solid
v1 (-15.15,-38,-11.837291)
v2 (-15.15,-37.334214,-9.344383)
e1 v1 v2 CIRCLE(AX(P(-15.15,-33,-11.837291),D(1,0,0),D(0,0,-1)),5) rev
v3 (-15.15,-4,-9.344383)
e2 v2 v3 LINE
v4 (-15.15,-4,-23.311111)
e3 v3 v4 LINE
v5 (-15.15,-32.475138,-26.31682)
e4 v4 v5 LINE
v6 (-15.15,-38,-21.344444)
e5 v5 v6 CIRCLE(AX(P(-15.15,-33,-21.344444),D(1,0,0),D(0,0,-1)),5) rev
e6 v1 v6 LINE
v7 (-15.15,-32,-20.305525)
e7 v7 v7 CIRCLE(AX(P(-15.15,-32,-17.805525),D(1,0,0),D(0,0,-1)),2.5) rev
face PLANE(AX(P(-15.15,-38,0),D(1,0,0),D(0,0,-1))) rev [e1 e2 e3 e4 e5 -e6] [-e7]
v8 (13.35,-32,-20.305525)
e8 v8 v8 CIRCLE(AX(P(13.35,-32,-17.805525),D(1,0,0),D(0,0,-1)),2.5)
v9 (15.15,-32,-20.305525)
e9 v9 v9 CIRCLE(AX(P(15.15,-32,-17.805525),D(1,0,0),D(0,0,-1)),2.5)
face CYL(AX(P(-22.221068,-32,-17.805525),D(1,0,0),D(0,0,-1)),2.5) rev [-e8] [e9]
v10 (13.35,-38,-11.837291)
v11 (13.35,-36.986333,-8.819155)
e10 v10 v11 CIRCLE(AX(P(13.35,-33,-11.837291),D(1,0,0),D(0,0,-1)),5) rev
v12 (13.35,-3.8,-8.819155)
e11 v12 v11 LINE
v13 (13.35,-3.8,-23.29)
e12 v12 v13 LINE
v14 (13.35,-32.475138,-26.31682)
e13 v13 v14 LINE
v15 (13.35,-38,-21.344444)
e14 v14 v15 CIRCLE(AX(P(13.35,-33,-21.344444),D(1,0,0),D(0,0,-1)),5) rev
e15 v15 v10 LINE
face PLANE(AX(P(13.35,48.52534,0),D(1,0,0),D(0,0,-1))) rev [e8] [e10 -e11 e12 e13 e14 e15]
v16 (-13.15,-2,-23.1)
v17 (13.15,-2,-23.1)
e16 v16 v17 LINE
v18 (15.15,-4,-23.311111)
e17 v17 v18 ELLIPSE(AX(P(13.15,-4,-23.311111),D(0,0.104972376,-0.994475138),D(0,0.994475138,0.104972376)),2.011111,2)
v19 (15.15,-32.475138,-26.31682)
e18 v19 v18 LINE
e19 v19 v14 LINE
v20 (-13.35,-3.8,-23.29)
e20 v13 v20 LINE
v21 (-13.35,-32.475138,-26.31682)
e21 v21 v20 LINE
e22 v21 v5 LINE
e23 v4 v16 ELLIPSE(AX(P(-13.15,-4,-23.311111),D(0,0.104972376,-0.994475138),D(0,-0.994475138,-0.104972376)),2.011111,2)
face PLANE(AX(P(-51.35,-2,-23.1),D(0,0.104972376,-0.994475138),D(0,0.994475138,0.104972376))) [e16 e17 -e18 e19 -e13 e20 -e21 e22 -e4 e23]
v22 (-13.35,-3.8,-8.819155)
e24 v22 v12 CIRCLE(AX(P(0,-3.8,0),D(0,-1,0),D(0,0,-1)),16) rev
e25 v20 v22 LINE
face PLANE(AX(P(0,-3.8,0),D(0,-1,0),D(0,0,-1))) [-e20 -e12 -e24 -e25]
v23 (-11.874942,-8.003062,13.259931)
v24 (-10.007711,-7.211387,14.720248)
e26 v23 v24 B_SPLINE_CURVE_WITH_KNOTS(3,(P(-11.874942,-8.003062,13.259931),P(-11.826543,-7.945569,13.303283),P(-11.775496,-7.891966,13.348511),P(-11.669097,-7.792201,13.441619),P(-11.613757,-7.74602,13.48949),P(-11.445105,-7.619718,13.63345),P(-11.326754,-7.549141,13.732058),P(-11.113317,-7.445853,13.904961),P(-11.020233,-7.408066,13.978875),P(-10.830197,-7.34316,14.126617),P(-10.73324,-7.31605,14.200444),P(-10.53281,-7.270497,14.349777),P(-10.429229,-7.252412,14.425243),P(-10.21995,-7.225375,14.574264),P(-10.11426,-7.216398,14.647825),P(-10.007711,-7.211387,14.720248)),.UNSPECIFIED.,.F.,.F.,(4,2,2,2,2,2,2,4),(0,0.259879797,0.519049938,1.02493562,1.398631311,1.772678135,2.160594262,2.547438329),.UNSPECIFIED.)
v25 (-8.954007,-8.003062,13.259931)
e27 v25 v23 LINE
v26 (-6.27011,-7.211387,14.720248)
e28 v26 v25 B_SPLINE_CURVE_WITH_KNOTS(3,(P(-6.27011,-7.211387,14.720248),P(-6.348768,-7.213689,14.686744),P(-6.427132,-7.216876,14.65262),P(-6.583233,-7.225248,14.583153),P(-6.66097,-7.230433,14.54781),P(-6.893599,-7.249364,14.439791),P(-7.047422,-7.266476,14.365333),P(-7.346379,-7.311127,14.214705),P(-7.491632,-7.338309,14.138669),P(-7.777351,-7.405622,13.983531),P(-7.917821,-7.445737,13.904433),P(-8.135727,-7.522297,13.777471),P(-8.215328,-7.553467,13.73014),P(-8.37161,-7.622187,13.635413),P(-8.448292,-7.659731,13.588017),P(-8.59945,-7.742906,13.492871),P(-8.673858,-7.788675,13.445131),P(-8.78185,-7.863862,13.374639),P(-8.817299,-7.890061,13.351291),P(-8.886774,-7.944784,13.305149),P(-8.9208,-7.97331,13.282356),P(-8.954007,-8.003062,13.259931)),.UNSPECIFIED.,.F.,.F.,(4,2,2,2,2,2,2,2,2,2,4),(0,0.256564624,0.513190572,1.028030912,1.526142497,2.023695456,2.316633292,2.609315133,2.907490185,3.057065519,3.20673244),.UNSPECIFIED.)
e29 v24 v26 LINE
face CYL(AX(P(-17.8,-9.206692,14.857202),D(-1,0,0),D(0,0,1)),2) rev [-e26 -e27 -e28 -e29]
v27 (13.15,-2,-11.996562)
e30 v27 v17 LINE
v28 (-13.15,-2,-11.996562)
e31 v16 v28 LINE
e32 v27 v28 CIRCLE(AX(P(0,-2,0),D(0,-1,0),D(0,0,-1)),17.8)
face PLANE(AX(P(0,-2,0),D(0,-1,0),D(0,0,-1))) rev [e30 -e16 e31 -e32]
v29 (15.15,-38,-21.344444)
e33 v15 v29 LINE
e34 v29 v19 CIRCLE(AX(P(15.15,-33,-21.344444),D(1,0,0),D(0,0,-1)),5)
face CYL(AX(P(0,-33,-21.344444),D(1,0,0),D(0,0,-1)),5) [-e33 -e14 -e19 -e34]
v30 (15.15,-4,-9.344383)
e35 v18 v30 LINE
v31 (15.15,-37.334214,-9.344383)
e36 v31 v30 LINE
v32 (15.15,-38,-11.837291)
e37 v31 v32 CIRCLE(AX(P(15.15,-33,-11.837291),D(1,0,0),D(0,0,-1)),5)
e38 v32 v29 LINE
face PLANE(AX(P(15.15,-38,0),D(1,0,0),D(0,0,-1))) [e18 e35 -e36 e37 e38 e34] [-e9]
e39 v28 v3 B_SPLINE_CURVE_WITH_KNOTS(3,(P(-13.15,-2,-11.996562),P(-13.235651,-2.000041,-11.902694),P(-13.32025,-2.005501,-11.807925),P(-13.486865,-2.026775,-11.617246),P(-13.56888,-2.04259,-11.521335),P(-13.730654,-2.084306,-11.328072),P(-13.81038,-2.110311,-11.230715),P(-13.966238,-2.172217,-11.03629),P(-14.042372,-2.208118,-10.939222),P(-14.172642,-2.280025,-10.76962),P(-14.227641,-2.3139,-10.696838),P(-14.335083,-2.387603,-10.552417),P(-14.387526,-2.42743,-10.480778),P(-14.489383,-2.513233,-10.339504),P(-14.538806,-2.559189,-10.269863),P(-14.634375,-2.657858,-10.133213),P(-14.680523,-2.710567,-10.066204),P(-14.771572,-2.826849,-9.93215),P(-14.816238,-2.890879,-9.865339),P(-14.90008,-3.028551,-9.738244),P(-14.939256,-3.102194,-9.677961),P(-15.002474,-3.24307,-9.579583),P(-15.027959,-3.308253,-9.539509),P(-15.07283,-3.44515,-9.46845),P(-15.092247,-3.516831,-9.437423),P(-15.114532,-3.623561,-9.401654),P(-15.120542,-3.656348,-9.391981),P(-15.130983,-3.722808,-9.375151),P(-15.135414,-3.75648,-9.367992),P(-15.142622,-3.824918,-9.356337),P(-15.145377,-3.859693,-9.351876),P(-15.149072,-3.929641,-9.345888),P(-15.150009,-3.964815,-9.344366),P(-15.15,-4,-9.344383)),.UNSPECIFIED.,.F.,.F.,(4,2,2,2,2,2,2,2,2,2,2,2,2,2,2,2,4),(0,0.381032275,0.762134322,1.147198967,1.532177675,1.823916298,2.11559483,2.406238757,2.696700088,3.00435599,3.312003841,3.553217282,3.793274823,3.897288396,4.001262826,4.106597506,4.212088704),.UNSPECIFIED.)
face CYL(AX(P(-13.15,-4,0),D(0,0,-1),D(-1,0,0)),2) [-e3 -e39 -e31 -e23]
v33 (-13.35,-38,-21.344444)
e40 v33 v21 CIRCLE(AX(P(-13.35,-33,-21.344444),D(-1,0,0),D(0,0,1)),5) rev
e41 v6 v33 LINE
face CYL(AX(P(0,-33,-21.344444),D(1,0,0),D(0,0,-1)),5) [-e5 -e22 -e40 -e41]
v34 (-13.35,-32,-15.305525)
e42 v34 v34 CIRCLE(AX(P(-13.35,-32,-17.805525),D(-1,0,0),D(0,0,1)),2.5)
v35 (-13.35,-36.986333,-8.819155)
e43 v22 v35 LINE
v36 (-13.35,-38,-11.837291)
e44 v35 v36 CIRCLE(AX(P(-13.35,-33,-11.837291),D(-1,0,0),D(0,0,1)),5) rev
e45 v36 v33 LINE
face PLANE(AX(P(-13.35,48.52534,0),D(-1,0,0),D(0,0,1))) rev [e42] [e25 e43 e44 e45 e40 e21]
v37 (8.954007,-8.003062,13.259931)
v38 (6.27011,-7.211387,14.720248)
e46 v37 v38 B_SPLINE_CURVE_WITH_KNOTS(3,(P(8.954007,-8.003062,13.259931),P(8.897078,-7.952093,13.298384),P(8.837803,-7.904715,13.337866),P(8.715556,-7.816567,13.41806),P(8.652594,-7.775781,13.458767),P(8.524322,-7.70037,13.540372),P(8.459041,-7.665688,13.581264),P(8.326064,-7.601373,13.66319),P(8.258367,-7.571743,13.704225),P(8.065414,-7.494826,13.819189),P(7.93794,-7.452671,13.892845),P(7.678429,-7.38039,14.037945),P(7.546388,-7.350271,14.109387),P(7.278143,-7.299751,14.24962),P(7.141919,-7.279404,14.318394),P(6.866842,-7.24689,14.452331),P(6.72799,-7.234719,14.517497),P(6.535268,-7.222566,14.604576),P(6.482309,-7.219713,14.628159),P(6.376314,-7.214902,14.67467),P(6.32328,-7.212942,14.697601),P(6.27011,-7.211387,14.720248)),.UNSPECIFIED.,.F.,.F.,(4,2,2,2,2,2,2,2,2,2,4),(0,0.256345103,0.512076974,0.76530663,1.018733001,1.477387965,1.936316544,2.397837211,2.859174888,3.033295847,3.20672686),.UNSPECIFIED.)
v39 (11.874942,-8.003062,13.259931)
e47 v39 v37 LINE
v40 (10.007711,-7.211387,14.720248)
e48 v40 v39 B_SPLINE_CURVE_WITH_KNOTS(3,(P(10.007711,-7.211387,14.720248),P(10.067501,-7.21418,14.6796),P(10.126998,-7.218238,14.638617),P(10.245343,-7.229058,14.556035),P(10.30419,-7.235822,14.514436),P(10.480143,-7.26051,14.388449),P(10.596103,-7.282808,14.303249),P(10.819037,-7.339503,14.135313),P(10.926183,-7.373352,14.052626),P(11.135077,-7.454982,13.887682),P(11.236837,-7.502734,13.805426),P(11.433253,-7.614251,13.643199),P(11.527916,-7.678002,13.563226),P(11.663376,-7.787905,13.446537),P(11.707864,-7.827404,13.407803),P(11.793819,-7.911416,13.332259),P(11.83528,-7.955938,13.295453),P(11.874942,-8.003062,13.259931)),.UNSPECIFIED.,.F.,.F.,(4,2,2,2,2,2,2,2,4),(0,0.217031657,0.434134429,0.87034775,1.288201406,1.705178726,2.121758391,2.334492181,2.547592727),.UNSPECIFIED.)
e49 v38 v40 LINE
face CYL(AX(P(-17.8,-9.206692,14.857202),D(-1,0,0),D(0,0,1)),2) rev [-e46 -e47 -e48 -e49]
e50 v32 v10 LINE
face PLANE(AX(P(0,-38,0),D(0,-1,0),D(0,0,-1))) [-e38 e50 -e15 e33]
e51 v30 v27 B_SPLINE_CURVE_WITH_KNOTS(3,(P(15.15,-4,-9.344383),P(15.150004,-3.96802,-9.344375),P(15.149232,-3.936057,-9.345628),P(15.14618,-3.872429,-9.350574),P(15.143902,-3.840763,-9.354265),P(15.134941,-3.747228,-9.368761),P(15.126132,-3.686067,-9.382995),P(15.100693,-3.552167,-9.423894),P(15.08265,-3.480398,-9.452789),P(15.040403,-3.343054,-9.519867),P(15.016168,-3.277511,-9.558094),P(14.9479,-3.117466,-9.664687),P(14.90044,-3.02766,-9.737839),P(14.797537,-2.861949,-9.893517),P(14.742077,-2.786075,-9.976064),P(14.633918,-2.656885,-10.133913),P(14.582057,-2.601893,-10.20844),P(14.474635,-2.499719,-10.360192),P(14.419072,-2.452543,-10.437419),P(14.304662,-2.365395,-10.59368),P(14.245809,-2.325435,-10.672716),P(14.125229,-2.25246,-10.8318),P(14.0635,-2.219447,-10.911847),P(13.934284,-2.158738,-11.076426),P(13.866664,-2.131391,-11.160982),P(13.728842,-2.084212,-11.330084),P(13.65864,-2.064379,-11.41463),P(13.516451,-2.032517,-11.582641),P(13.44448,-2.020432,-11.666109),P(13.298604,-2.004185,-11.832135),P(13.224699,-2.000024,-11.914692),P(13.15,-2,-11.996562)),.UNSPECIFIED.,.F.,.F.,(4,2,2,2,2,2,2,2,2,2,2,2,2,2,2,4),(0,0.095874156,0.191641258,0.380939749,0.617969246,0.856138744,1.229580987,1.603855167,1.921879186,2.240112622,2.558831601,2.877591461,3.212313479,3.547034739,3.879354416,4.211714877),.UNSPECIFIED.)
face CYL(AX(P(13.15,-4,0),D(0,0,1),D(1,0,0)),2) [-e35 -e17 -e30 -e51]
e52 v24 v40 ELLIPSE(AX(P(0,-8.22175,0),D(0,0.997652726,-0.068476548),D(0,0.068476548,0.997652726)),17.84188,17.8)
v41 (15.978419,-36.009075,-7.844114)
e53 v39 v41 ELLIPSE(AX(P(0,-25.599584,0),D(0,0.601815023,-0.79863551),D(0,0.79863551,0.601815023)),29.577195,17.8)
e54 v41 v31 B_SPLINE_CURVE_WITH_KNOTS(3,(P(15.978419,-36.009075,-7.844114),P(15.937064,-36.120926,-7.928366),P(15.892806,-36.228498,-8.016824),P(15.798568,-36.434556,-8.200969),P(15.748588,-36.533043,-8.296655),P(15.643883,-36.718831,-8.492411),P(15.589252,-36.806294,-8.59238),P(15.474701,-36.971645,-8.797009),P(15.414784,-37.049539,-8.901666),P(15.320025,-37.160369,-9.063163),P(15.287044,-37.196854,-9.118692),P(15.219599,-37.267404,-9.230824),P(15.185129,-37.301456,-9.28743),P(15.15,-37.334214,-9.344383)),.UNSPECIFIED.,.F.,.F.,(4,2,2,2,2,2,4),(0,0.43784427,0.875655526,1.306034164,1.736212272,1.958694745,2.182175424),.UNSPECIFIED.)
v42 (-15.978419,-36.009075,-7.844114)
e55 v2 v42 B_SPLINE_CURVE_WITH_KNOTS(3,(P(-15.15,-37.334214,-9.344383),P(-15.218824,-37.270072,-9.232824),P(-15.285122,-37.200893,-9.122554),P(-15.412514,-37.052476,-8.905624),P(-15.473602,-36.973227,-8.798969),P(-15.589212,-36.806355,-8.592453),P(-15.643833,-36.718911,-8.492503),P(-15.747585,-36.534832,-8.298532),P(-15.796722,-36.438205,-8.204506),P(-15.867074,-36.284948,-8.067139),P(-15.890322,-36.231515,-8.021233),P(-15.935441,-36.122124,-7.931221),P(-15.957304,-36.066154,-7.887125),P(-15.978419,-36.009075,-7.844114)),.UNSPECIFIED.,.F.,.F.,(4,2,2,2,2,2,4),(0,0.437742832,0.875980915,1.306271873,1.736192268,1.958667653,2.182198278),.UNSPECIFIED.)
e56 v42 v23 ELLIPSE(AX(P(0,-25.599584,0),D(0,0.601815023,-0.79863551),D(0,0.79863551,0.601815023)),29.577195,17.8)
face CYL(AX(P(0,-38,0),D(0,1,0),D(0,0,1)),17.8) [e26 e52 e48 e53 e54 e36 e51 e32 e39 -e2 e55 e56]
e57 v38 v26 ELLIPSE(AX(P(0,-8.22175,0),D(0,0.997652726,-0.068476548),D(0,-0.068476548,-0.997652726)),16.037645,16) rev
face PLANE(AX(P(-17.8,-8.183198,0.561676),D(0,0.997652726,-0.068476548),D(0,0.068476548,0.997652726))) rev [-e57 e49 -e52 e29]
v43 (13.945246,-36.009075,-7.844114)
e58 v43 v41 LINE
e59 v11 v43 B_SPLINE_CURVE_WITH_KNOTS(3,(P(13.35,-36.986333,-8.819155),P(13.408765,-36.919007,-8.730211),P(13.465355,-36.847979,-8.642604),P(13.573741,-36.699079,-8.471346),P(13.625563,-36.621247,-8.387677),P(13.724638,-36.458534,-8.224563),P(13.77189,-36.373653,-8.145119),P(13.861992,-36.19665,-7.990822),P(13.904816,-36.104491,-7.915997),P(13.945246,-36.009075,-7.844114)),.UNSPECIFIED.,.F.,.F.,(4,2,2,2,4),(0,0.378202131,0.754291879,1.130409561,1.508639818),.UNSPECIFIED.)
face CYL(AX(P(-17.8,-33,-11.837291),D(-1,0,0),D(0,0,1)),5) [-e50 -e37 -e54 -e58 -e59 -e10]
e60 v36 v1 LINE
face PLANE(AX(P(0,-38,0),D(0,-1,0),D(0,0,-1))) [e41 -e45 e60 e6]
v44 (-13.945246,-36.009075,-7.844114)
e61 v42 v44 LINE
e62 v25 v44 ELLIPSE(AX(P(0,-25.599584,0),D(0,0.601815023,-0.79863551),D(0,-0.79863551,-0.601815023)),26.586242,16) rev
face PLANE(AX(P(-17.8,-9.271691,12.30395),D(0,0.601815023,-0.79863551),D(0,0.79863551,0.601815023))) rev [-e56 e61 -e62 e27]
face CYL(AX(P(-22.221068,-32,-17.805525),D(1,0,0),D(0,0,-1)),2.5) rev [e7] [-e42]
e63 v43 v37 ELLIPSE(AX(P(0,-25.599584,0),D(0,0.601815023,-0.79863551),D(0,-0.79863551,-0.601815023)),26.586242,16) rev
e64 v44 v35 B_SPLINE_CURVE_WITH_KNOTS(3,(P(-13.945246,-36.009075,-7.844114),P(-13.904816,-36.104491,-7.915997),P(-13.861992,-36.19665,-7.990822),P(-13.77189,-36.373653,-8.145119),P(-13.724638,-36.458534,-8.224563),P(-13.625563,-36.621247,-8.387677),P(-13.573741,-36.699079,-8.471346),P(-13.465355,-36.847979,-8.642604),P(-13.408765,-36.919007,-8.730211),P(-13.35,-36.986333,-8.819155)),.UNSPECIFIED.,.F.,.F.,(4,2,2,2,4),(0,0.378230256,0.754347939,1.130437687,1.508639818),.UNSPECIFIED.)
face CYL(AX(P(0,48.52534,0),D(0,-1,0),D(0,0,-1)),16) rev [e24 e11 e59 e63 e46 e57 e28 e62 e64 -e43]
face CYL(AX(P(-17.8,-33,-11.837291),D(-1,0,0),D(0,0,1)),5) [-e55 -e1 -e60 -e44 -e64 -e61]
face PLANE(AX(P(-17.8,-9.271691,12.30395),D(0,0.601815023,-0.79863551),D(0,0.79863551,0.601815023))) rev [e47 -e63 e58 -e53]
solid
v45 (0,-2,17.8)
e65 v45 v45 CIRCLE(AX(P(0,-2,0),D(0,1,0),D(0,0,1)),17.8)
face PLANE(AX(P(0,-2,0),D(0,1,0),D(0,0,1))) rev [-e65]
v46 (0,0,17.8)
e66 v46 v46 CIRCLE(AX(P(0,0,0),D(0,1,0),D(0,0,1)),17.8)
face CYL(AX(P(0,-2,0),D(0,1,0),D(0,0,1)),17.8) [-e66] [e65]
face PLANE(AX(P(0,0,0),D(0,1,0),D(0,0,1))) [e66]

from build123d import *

# Parameters (mm, degrees)
SKETCH1_R           = 17.8
BOSS_EXTRUDE1_DEPTH = 2
BOSS_EXTRUDE2_DEPTH = 36
SKETCH3_W           = 26.7
SKETCH3_H           = 1.8
CUT_EXTRUDE1_DEPTH  = 34.2
CUT_EXTRUDE2_DEPTH  = 57.964638154
BOSS_EXTRUDE3_DEPTH = 30.3
SKETCH6_W           = 26.7
SKETCH6_H           = 3.8
CUT_EXTRUDE3_DEPTH  = 34.2
CUT_EXTRUDE4_REACH  = 59.038
SKETCH7_R           = 2.5
FILLET1_R           = 2
FILLET2_R           = 5
FILLET3_R           = 5


with BuildPart() as part:
    # Sketch1 → Boss-Extrude1 (new body)
    with BuildSketch(Plane(origin=(0, 0, 0), x_dir=(1, 0, 0), z_dir=(0, 1, 0))):
        with Locations(Location((0, 0, 0), (0, 0, 270))):
            Circle(SKETCH1_R)
    extrude(amount=-BOSS_EXTRUDE1_DEPTH)


with BuildPart() as body_2:
    # Sketch2 → Boss-Extrude2 (new body)
    with BuildSketch(Plane.XZ.offset(2)):
        with BuildLine():
            ThreePointArc((17.8, 0), (17.124689778, 4.856439025), (15.15, 9.34438334))
            Line((15.15, 9.34438334), (15.15, -9.34438334))
            ThreePointArc((15.15, -9.34438334), (17.124689778, -4.856439025), (17.8, 0))
        make_face()
        with BuildLine():
            ThreePointArc((15.15, 9.34438334), (0, 17.8), (-15.15, 9.34438334))
            Line((-15.15, 9.34438334), (-15.15, -9.34438334))
            ThreePointArc((-15.15, -9.34438334), (0, -17.8), (15.15, -9.34438334))
            Line((15.15, -9.34438334), (15.15, 9.34438334))
        make_face()
        with BuildLine():
            ThreePointArc((15.15, -9.34438334), (0, -17.8), (-15.15, -9.34438334))
            Line((-15.15, -9.34438334), (-15.15, -23.1))
            Line((-15.15, -23.1), (15.15, -23.1))
            Line((15.15, -23.1), (15.15, -9.34438334))
        make_face()
        with BuildLine():
            Line((-15.15, -9.34438334), (-15.15, 9.34438334))
            ThreePointArc((-15.15, 9.34438334), (-17.8, 0), (-15.15, -9.34438334))
        make_face()
    extrude(amount=BOSS_EXTRUDE2_DEPTH)

    # Sketch3 → Cut-Extrude1 (cut)
    with BuildSketch(Plane.XZ.offset(38)):
        with BuildLine():
            Line((13.35, -21.3), (13.35, -8.819155288))
            ThreePointArc((13.35, -8.819155288), (0, 16), (-13.35, -8.819155288))
            Line((-13.35, -8.819155288), (-13.35, -21.3))
            Line((-13.35, -21.3), (13.35, -21.3))
        make_face()
        with Locations((0, -22.2)):
            Rectangle(SKETCH3_W, SKETCH3_H)
    extrude(amount=-CUT_EXTRUDE1_DEPTH, mode=Mode.SUBTRACT)

    # Sketch4 → Cut-Extrude2 (cut, through all)
    with BuildSketch(Plane(origin=(17.8, 0, 0), x_dir=(0, 0, -1), z_dir=(1, 0, 0))):
        Polygon((-17.8, -7), (-17.8, -38), (9.34438334, -38), (-13.809389095, -7.27390619), align=None)
    extrude(amount=-CUT_EXTRUDE2_DEPTH, mode=Mode.SUBTRACT)

    # Sketch5 → Boss-Extrude3 (add)
    with BuildSketch(Plane(origin=(15.15, 0, 0), x_dir=(0, 0, -1), z_dir=(1, 0, 0))):
        Polygon((23.1, -2), (26.9, -38), (23.1, -38), align=None)
    extrude(amount=-BOSS_EXTRUDE3_DEPTH)

    # Sketch6 → Cut-Extrude3 (cut)
    with BuildSketch(Plane.XZ.offset(38)):
        with Locations((0, -25)):
            Rectangle(SKETCH6_W, SKETCH6_H)
    extrude(amount=-CUT_EXTRUDE3_DEPTH, mode=Mode.SUBTRACT)

    # Cut-Extrude4: up to this face of the body (flat: up to its plane)
    cut_extrude4_end = Plane(body_2.part.faces().sort_by_distance((-15.15, -20.728173169, -17.210623032))[0])
    # Sketch7 → Cut-Extrude4 (cut, up to the picked face)
    with BuildSketch(Plane(origin=(15.15, 0, 0), x_dir=(0, 0, -1), z_dir=(1, 0, 0)), mode=Mode.PRIVATE) as cut_extrude4_sk1:
        with Locations((17.805525003, -32)):
            Circle(SKETCH7_R)
    cut_extrude4_tool1 = split(extrude(cut_extrude4_sk1.sketch, amount=-CUT_EXTRUDE4_REACH, mode=Mode.PRIVATE), bisect_by=cut_extrude4_end, keep=Keep.BOTH, mode=Mode.PRIVATE)
    add(cut_extrude4_tool1.solids().sort_by(Axis((15.15, -32, -17.805525), (-1, 0, 0)))[0], mode=Mode.SUBTRACT)

    # Fillet1
    fillet1_edges = [body_2.edges().sort_by_distance(p)[0] for p in [
        (-9.656065145, -7.27390619, 13.809389095),
        (9.656065145, -7.27390619, 13.809389095),
        (-15.15, -2, -16.22219167),
        (15.15, -2, -16.22219167),
    ]]
    fillet(fillet1_edges, radius=FILLET1_R)

    # Fillet2
    fillet2_edges = [body_2.edges().sort_by_distance(p)[0] for p in [
        (-14.25, -38, -26.9),
        (14.25, -38, -26.9),
    ]]
    fillet(fillet2_edges, radius=FILLET2_R)

    # Fillet3
    fillet3_edges = [body_2.edges().sort_by_distance(p)[0] for p in [
        (14.25, -38, -9.34438334),
        (-14.25, -38, -9.34438334),
    ]]
    fillet(fillet3_edges, radius=FILLET3_R)


solid = Compound([part.part, body_2.part])
